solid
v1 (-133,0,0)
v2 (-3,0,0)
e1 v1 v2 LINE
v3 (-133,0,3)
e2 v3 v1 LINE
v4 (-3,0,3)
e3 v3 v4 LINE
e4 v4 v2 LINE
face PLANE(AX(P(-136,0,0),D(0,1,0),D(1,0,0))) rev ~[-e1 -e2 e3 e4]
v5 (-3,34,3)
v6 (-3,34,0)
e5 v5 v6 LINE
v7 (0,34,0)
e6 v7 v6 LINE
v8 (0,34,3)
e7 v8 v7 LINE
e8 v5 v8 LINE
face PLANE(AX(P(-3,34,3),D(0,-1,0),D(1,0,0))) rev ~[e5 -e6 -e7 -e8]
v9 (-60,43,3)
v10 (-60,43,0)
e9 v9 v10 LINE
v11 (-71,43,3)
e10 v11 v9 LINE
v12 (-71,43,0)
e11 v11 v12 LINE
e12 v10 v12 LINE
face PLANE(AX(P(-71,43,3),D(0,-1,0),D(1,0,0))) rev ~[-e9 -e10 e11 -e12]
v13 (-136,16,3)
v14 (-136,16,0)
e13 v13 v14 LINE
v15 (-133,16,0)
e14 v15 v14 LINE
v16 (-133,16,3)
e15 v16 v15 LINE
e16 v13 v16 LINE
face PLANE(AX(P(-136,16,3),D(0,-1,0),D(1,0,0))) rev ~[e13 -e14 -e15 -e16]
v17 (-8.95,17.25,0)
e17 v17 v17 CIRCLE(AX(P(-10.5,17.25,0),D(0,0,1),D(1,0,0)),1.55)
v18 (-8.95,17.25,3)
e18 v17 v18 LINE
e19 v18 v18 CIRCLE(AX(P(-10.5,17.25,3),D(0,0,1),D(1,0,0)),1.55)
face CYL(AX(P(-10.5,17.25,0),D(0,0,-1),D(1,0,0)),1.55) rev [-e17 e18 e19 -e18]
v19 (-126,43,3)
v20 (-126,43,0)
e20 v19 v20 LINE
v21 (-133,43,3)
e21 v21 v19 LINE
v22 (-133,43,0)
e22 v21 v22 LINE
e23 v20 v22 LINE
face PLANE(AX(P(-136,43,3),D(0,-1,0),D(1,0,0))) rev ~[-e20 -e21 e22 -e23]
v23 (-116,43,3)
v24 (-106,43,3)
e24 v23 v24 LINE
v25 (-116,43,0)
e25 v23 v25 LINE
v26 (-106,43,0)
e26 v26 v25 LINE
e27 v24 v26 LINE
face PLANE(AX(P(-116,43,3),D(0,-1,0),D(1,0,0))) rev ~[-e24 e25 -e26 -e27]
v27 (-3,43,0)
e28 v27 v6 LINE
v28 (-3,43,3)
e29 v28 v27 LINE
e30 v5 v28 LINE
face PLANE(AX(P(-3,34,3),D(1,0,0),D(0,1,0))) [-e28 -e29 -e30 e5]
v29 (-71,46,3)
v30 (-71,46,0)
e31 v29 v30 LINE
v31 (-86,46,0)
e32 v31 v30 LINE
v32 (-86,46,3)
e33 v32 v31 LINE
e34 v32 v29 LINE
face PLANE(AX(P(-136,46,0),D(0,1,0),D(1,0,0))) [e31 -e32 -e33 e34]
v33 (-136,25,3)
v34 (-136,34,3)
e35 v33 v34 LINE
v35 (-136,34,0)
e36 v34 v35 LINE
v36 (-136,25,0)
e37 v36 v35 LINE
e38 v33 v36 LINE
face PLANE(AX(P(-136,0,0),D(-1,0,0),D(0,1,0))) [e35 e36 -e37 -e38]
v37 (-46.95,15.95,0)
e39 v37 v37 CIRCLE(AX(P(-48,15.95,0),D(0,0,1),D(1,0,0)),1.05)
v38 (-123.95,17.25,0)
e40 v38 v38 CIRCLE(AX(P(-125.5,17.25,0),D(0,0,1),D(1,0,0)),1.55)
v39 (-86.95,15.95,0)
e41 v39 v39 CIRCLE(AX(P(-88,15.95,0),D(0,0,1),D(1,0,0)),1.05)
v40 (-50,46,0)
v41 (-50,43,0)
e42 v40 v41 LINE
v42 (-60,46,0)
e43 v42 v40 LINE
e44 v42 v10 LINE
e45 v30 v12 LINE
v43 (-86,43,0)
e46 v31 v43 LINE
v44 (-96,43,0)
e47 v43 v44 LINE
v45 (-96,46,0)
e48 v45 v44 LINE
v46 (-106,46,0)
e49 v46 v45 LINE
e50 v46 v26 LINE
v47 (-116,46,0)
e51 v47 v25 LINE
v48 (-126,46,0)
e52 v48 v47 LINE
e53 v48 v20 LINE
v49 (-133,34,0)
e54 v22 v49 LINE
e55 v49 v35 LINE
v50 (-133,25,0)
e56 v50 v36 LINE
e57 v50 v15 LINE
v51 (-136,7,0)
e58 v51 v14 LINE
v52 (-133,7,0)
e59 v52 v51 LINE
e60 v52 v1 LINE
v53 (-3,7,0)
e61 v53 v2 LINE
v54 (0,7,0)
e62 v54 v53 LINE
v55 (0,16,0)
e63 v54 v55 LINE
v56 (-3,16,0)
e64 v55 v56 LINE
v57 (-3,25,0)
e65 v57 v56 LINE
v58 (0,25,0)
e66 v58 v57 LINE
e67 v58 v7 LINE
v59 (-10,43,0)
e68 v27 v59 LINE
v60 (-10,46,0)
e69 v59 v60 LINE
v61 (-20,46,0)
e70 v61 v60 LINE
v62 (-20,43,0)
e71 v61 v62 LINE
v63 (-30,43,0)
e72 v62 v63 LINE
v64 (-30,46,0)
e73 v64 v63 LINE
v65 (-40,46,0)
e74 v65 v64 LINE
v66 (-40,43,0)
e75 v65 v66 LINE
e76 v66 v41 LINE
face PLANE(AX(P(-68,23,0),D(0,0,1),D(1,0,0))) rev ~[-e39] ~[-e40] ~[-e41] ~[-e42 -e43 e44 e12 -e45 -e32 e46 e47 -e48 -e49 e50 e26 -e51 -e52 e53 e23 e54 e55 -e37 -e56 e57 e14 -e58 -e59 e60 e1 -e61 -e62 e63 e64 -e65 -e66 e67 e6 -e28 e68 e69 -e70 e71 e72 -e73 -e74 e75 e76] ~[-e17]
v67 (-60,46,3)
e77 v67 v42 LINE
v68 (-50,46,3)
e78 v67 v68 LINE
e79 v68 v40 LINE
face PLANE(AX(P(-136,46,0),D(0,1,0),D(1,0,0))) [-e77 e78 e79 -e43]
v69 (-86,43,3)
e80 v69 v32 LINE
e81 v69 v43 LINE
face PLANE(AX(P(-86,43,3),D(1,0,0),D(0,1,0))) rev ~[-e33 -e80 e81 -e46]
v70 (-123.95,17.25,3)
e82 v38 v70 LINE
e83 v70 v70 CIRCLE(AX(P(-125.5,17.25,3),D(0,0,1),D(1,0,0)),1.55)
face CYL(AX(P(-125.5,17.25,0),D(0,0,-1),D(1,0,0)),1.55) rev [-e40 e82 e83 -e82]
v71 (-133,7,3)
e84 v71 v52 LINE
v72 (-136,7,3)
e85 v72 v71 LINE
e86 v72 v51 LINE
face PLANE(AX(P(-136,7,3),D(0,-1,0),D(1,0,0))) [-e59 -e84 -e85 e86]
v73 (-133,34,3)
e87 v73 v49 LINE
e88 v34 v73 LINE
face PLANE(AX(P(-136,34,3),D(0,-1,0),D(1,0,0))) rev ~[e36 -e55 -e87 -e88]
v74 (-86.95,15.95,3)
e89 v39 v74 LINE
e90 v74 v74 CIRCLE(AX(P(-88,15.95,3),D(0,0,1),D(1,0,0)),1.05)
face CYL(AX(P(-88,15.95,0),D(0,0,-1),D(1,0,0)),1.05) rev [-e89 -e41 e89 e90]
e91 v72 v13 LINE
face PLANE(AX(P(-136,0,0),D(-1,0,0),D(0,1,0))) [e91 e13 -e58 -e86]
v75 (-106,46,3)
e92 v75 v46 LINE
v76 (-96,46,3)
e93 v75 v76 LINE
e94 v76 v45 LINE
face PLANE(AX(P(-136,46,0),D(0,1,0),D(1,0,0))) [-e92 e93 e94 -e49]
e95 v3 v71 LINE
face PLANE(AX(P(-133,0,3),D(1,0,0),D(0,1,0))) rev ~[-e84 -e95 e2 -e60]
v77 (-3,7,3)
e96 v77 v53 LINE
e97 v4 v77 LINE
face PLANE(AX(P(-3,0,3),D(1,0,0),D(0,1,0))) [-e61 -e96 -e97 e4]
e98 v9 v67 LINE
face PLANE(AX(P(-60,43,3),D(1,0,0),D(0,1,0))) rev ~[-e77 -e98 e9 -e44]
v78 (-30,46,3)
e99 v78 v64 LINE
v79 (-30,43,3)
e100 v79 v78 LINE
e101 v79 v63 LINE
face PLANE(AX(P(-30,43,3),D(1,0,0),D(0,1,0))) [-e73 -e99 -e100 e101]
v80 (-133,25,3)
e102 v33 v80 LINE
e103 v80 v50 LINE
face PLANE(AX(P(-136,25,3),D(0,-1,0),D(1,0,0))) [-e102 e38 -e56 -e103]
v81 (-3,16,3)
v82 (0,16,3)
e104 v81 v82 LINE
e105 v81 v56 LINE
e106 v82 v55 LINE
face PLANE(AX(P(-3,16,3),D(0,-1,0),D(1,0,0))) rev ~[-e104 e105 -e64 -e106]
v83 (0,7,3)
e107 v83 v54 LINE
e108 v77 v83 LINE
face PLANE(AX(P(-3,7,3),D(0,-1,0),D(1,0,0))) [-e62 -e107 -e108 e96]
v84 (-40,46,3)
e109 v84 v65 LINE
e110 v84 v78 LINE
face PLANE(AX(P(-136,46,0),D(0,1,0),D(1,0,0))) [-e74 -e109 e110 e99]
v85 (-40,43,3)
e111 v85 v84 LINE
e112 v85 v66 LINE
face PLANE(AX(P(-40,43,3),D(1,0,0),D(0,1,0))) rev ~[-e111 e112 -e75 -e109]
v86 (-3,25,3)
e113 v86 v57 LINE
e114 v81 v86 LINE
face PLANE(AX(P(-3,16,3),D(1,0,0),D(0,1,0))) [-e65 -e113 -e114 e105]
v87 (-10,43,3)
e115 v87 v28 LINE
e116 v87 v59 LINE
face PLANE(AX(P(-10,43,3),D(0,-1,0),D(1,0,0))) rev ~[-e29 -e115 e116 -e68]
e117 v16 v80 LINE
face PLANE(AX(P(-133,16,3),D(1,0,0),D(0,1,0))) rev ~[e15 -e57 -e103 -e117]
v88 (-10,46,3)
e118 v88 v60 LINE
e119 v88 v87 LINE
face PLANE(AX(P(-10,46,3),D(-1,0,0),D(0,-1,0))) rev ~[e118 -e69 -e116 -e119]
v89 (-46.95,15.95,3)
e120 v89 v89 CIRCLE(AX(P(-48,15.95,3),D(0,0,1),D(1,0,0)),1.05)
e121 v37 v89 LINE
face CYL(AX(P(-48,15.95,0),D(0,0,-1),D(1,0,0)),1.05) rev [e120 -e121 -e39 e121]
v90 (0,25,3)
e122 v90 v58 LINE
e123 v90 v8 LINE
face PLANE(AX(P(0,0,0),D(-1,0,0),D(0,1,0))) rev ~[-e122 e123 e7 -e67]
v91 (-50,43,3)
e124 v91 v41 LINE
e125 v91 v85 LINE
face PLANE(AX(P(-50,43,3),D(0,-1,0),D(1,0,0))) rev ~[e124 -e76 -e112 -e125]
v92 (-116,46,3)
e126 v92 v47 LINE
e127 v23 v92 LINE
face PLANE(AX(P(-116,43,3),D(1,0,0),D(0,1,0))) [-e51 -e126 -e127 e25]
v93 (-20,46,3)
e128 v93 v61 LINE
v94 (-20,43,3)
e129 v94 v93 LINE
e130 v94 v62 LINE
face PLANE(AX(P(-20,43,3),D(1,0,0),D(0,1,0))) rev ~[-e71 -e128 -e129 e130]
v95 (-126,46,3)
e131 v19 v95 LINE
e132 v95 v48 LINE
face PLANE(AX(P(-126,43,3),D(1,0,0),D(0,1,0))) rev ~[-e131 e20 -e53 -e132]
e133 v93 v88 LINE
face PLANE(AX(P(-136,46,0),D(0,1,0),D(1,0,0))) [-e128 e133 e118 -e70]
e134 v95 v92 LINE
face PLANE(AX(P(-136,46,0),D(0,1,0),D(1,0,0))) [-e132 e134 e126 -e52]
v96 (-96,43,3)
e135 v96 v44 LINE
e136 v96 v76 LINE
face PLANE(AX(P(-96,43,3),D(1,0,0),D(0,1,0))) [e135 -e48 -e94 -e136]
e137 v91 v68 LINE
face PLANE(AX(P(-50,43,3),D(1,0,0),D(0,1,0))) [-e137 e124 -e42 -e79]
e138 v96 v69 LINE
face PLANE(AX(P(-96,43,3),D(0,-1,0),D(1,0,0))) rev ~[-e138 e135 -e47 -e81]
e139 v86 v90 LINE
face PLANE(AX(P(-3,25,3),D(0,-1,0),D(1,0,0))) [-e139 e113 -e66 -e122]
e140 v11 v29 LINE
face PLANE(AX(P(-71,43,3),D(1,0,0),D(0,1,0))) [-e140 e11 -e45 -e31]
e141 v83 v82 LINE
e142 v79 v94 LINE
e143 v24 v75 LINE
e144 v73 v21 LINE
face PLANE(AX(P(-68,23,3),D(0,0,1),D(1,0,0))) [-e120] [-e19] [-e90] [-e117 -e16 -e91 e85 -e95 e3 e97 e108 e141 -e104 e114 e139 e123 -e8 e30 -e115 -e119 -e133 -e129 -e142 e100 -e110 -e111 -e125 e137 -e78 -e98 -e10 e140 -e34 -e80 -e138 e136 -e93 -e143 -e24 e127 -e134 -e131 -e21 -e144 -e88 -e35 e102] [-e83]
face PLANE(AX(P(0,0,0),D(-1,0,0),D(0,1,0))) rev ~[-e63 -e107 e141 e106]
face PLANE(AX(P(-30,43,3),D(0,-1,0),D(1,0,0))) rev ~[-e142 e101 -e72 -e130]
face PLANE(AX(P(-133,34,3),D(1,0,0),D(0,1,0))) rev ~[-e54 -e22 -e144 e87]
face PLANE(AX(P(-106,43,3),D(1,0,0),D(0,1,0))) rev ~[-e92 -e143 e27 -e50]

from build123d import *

# Parameters (mm, degrees)
SKETCH1_W           = 136
SKETCH1_H           = 46
SKETCH1_R           = 1.05
SKETCH1_R_2         = 1.55
BOSS_EXTRUDE1_DEPTH = 3
CUT_EXTRUDE1_REACH  = 5
SKETCH2_W           = 11
SKETCH2_H           = 3
SKETCH2_W_2         = 10
SKETCH2_W_3         = 3
SKETCH2_H_2         = 9
SKETCH2_H_3         = 7


with BuildPart() as part:
    # Sketch1 → Boss-Extrude1 (new body)
    with BuildSketch(Plane.XY):
        with Locations((-68, 23)):
            Rectangle(SKETCH1_W, SKETCH1_H)
        with Locations((-88, 15.95)):
            Circle(SKETCH1_R, mode=Mode.SUBTRACT)
        with Locations((-125.5, 17.25)):
            Circle(SKETCH1_R_2, mode=Mode.SUBTRACT)
        with Locations((-48, 15.95)):
            Circle(SKETCH1_R, mode=Mode.SUBTRACT)
        with Locations((-10.5, 17.25)):
            Circle(SKETCH1_R_2, mode=Mode.SUBTRACT)
    extrude(amount=BOSS_EXTRUDE1_DEPTH)

    # Sketch2 → Cut-Extrude1 (cut, up to next)
    with BuildSketch(Plane.XY.offset(3), mode=Mode.PRIVATE) as cut_extrude1_sk1:
        with Locations((-65.5, 44.5)):
            Rectangle(SKETCH2_W, SKETCH2_H)
    cut_extrude1_tool1 = extrude(cut_extrude1_sk1.sketch, amount=-CUT_EXTRUDE1_REACH, mode=Mode.PRIVATE) & part.part
    add(cut_extrude1_tool1.solids().sort_by_distance((-65.5, 44.5, 3))[0], mode=Mode.SUBTRACT)
    # Sketch2 → Cut-Extrude1 (cut, up to next)
    with BuildSketch(Plane.XY.offset(3), mode=Mode.PRIVATE) as cut_extrude1_sk2:
        with Locations((-91, 44.5)):
            Rectangle(SKETCH2_W_2, SKETCH2_H)
    cut_extrude1_tool2 = extrude(cut_extrude1_sk2.sketch, amount=-CUT_EXTRUDE1_REACH, mode=Mode.PRIVATE) & part.part
    add(cut_extrude1_tool2.solids().sort_by_distance((-91, 44.5, 3))[0], mode=Mode.SUBTRACT)
    # Sketch2 → Cut-Extrude1 (cut, up to next)
    with BuildSketch(Plane.XY.offset(3), mode=Mode.PRIVATE) as cut_extrude1_sk3:
        with Locations((-111, 44.5)):
            Rectangle(SKETCH2_W_2, SKETCH2_H)
    cut_extrude1_tool3 = extrude(cut_extrude1_sk3.sketch, amount=-CUT_EXTRUDE1_REACH, mode=Mode.PRIVATE) & part.part
    add(cut_extrude1_tool3.solids().sort_by_distance((-111, 44.5, 3))[0], mode=Mode.SUBTRACT)
    # Sketch2 → Cut-Extrude1 (cut, up to next)
    with BuildSketch(Plane.XY.offset(3), mode=Mode.PRIVATE) as cut_extrude1_sk4:
        Polygon((-136, 43), (-133, 43), (-126, 43), (-126, 46), (-136, 46), align=None)
    cut_extrude1_tool4 = extrude(cut_extrude1_sk4.sketch, amount=-CUT_EXTRUDE1_REACH, mode=Mode.PRIVATE) & part.part
    add(cut_extrude1_tool4.solids().sort_by_distance((-131, 44.5, 3))[0], mode=Mode.SUBTRACT)
    # Sketch2 → Cut-Extrude1 (cut, up to next)
    with BuildSketch(Plane.XY.offset(3), mode=Mode.PRIVATE) as cut_extrude1_sk5:
        with Locations((-134.5, 38.5)):
            Rectangle(SKETCH2_W_3, SKETCH2_H_2)
    cut_extrude1_tool5 = extrude(cut_extrude1_sk5.sketch, amount=-CUT_EXTRUDE1_REACH, mode=Mode.PRIVATE) & part.part
    add(cut_extrude1_tool5.solids().sort_by_distance((-134.5, 38.5, 3))[0], mode=Mode.SUBTRACT)
    # Sketch2 → Cut-Extrude1 (cut, up to next)
    with BuildSketch(Plane.XY.offset(3), mode=Mode.PRIVATE) as cut_extrude1_sk6:
        with Locations((-134.5, 20.5)):
            Rectangle(SKETCH2_W_3, SKETCH2_H_2)
    cut_extrude1_tool6 = extrude(cut_extrude1_sk6.sketch, amount=-CUT_EXTRUDE1_REACH, mode=Mode.PRIVATE) & part.part
    add(cut_extrude1_tool6.solids().sort_by_distance((-134.5, 20.5, 3))[0], mode=Mode.SUBTRACT)
    # Sketch2 → Cut-Extrude1 (cut, up to next)
    with BuildSketch(Plane.XY.offset(3), mode=Mode.PRIVATE) as cut_extrude1_sk7:
        with Locations((-134.5, 3.5)):
            Rectangle(SKETCH2_W_3, SKETCH2_H_3)
    cut_extrude1_tool7 = extrude(cut_extrude1_sk7.sketch, amount=-CUT_EXTRUDE1_REACH, mode=Mode.PRIVATE) & part.part
    add(cut_extrude1_tool7.solids().sort_by_distance((-134.5, 3.5, 3))[0], mode=Mode.SUBTRACT)
    # Sketch2 → Cut-Extrude1 (cut, up to next)
    with BuildSketch(Plane.XY.offset(3), mode=Mode.PRIVATE) as cut_extrude1_sk8:
        with Locations((-1.5, 3.5)):
            Rectangle(SKETCH2_W_3, SKETCH2_H_3)
    cut_extrude1_tool8 = extrude(cut_extrude1_sk8.sketch, amount=-CUT_EXTRUDE1_REACH, mode=Mode.PRIVATE) & part.part
    add(cut_extrude1_tool8.solids().sort_by_distance((-1.5, 3.5, 3))[0], mode=Mode.SUBTRACT)
    # Sketch2 → Cut-Extrude1 (cut, up to next)
    with BuildSketch(Plane.XY.offset(3), mode=Mode.PRIVATE) as cut_extrude1_sk9:
        with Locations((-1.5, 20.5)):
            Rectangle(SKETCH2_W_3, SKETCH2_H_2)
    cut_extrude1_tool9 = extrude(cut_extrude1_sk9.sketch, amount=-CUT_EXTRUDE1_REACH, mode=Mode.PRIVATE) & part.part
    add(cut_extrude1_tool9.solids().sort_by_distance((-1.5, 20.5, 3))[0], mode=Mode.SUBTRACT)
    # Sketch2 → Cut-Extrude1 (cut, up to next)
    with BuildSketch(Plane.XY.offset(3), mode=Mode.PRIVATE) as cut_extrude1_sk10:
        with Locations((-1.5, 38.5)):
            Rectangle(SKETCH2_W_3, SKETCH2_H_2)
    cut_extrude1_tool10 = extrude(cut_extrude1_sk10.sketch, amount=-CUT_EXTRUDE1_REACH, mode=Mode.PRIVATE) & part.part
    add(cut_extrude1_tool10.solids().sort_by_distance((-1.5, 38.5, 3))[0], mode=Mode.SUBTRACT)
    # Sketch2 → Cut-Extrude1 (cut, up to next)
    with BuildSketch(Plane.XY.offset(3), mode=Mode.PRIVATE) as cut_extrude1_sk11:
        Polygon((0, 46), (-10, 46), (-10, 43), (-3, 43), (0, 43), align=None)
    cut_extrude1_tool11 = extrude(cut_extrude1_sk11.sketch, amount=-CUT_EXTRUDE1_REACH, mode=Mode.PRIVATE) & part.part
    add(cut_extrude1_tool11.solids().sort_by_distance((-5, 44.5, 3))[0], mode=Mode.SUBTRACT)
    # Sketch2 → Cut-Extrude1 (cut, up to next)
    with BuildSketch(Plane.XY.offset(3), mode=Mode.PRIVATE) as cut_extrude1_sk12:
        with Locations((-25, 44.5)):
            Rectangle(SKETCH2_W_2, SKETCH2_H)
    cut_extrude1_tool12 = extrude(cut_extrude1_sk12.sketch, amount=-CUT_EXTRUDE1_REACH, mode=Mode.PRIVATE) & part.part
    add(cut_extrude1_tool12.solids().sort_by_distance((-25, 44.5, 3))[0], mode=Mode.SUBTRACT)
    # Sketch2 → Cut-Extrude1 (cut, up to next)
    with BuildSketch(Plane.XY.offset(3), mode=Mode.PRIVATE) as cut_extrude1_sk13:
        with Locations((-45, 44.5)):
            Rectangle(SKETCH2_W_2, SKETCH2_H)
    cut_extrude1_tool13 = extrude(cut_extrude1_sk13.sketch, amount=-CUT_EXTRUDE1_REACH, mode=Mode.PRIVATE) & part.part
    add(cut_extrude1_tool13.solids().sort_by_distance((-45, 44.5, 3))[0], mode=Mode.SUBTRACT)


solid = part.part
